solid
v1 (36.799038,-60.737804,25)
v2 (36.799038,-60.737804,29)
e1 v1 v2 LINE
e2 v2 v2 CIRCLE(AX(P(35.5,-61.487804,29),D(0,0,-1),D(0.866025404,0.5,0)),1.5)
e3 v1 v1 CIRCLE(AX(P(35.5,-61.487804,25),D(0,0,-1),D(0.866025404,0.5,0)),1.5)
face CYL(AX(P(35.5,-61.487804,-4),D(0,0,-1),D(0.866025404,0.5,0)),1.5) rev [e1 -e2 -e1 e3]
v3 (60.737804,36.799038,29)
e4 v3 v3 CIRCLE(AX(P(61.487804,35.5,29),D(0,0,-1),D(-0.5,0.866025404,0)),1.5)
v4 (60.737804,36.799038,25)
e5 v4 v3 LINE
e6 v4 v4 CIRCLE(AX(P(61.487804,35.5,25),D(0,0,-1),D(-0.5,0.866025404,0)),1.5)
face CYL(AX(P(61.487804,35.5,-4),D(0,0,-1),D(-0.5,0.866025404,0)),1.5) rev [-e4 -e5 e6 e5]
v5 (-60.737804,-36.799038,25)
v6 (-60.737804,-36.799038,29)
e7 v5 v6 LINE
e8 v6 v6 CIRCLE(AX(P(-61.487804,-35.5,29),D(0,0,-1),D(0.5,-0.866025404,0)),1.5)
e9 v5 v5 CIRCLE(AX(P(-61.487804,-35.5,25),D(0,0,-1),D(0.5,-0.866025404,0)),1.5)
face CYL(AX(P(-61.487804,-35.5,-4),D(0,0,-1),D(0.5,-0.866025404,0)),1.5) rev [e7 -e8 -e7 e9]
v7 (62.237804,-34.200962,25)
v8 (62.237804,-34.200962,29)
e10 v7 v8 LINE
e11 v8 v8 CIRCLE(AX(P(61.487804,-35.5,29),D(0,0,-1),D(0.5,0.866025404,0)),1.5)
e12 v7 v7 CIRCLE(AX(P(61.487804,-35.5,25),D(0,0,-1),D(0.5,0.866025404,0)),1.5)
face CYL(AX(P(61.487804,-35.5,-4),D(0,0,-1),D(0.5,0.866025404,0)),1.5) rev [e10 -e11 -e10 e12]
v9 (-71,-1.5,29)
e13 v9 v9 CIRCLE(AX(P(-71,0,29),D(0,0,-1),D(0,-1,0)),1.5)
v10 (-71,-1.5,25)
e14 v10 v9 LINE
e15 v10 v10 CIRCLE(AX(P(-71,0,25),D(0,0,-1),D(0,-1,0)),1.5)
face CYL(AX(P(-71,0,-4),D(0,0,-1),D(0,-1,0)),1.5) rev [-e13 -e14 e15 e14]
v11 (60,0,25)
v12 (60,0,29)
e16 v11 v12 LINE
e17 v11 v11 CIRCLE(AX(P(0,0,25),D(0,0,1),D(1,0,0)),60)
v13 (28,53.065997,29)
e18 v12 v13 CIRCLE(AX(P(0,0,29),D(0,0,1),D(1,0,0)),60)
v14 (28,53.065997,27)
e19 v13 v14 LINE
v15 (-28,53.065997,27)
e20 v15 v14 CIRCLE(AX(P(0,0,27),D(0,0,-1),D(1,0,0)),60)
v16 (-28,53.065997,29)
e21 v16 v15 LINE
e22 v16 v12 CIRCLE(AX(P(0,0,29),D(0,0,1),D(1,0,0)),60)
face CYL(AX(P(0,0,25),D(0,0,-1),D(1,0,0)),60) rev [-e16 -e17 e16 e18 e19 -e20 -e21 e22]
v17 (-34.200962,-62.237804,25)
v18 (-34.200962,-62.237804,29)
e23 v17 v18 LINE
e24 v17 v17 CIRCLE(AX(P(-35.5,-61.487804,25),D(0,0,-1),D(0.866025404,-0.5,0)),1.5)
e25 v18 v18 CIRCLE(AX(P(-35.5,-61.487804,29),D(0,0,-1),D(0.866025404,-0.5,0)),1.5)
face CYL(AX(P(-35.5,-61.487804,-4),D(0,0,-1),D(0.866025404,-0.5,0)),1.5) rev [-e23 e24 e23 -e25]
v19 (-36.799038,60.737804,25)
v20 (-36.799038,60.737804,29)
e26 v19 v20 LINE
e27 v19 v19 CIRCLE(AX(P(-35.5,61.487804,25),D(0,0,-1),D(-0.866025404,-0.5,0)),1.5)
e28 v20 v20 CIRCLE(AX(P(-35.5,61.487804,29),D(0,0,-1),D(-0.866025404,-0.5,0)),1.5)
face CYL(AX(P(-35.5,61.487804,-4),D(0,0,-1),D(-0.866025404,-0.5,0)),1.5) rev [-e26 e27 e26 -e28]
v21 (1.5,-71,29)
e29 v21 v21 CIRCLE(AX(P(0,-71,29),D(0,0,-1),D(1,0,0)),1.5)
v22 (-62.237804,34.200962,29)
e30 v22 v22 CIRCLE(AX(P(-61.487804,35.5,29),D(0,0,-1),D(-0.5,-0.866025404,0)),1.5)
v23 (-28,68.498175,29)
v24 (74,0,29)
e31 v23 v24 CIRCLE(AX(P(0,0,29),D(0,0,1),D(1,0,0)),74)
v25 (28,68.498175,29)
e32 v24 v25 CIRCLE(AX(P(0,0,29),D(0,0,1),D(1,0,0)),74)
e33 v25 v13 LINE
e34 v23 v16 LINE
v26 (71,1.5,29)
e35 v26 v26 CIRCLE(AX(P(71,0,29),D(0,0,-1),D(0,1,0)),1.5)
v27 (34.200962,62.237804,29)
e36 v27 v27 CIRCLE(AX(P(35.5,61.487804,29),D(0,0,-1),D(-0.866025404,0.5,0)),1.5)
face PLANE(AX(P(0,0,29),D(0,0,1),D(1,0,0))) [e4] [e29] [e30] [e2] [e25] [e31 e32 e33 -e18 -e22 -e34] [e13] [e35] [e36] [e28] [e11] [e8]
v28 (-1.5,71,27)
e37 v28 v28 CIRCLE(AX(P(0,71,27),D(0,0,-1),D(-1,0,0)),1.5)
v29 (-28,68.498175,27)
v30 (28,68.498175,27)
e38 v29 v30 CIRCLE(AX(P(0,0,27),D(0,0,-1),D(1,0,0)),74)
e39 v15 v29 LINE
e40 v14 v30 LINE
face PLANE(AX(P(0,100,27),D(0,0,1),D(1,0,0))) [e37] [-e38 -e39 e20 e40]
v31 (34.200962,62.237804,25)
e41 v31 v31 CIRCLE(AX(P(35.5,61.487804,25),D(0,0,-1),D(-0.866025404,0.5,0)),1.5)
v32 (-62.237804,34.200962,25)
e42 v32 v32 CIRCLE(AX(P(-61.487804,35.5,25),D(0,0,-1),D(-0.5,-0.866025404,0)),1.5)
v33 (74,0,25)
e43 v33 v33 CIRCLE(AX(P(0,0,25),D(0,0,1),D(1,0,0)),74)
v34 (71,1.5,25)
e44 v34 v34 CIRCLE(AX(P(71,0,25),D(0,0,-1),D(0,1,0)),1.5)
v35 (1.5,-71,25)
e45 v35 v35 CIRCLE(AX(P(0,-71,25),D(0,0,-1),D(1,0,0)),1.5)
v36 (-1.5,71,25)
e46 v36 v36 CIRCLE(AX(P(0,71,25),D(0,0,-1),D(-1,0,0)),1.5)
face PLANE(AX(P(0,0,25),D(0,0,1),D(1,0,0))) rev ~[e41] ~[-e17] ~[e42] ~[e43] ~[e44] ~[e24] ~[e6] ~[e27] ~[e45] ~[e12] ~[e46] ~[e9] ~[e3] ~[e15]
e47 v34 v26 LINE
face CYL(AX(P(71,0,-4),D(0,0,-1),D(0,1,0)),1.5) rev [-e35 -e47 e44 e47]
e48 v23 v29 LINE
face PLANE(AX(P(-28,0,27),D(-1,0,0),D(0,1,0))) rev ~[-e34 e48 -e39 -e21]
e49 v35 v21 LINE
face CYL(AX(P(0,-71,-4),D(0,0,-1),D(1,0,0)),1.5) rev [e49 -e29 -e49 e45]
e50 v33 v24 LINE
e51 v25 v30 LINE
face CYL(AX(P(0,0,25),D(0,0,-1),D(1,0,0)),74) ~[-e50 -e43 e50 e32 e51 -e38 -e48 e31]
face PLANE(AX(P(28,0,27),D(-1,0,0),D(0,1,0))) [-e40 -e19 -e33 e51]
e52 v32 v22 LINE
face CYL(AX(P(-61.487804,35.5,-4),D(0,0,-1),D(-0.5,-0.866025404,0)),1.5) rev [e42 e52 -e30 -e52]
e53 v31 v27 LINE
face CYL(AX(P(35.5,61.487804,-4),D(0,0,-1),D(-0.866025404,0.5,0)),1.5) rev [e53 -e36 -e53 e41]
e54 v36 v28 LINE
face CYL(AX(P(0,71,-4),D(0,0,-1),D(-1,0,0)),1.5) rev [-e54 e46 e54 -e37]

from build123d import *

# Parameters (mm, degrees)
BOX179_W                     = 56
BOX179_H                     = 200
BOX179_DEPTH                 = 47
CYLINDER2007_R               = 1.5
CYLINDER2007_DEPTH           = 72
CYLINDER2007_PLACEMENT_ANGLE = 30
CYLINDER2006_R               = 1.5
CYLINDER2006_DEPTH           = 72
CYLINDER2006_PLACEMENT_ANGLE = 60
CYLINDER2011_R               = 1.5
CYLINDER2011_DEPTH           = 72
CYLINDER2012_R               = 1.5
CYLINDER2012_DEPTH           = 72
CYLINDER2012_PLACEMENT_ANGLE = 120
CYLINDER2013_R               = 1.5
CYLINDER2013_DEPTH           = 72
CYLINDER2013_PLACEMENT_ANGLE = 150
CYLINDER2010_R               = 1.5
CYLINDER2010_DEPTH           = 72
CYLINDER2017_R               = 1.5
CYLINDER2017_DEPTH           = 72
CYLINDER2017_PLACEMENT_ANGLE = 210
CYLINDER2016_R               = 1.5
CYLINDER2016_DEPTH           = 72
CYLINDER2016_PLACEMENT_ANGLE = 240
CYLINDER2015_R               = 1.5
CYLINDER2015_DEPTH           = 72
CYLINDER2008_R               = 1.5
CYLINDER2008_DEPTH           = 72
CYLINDER2008_PLACEMENT_ANGLE = 60
CYLINDER2014_R               = 1.5
CYLINDER2014_DEPTH           = 72
CYLINDER2014_PLACEMENT_ANGLE = 30
CYLINDER2009_R               = 1.5
CYLINDER2009_DEPTH           = 72
TUBE052_R                    = 74
TUBE052_R_2                  = 60
TUBE052_DEPTH                = 4


with BuildPart() as krychle179:
    # Box179 → Box179 (new body)
    with BuildSketch(Plane(origin=(-28, 0, 27), x_dir=(1, 0, 0), z_dir=(0, 0, 1))):
        with Locations((28, 100)):
            Rectangle(BOX179_W, BOX179_H)
    extrude(amount=BOX179_DEPTH)


with BuildPart() as v_lec2007:
    # Cylinder2007 → Cylinder2007 (new body)
    with BuildSketch(Plane.XY):
        Circle(CYLINDER2007_R)
    extrude(amount=CYLINDER2007_DEPTH)


with BuildPart() as v_lec2007_1:
    # Cylinder2007 placement: moved
    add(v_lec2007.part.moved(Location((35.5, -61.487804, 0))).rotate(Axis((35.5, -61.487804, 0), (0, 0, 1)), CYLINDER2007_PLACEMENT_ANGLE))


with BuildPart() as v_lec2006:
    # Cylinder2006 → Cylinder2006 (new body)
    with BuildSketch(Plane.XY):
        Circle(CYLINDER2006_R)
    extrude(amount=CYLINDER2006_DEPTH)


with BuildPart() as v_lec2006_1:
    # Cylinder2006 placement: moved
    add(v_lec2006.part.moved(Location((61.487804, -35.5, 0))).rotate(Axis((61.487804, -35.5, 0), (0, 0, 1)), CYLINDER2006_PLACEMENT_ANGLE))


with BuildPart() as v_lec2011:
    # Cylinder2011 → Cylinder2011 (new body)
    with BuildSketch(Plane(origin=(71, 0, 0), x_dir=(0, 1, 0), z_dir=(0, 0, 1))):
        Circle(CYLINDER2011_R)
    extrude(amount=CYLINDER2011_DEPTH)


with BuildPart() as v_lec2012:
    # Cylinder2012 → Cylinder2012 (new body)
    with BuildSketch(Plane.XY):
        Circle(CYLINDER2012_R)
    extrude(amount=CYLINDER2012_DEPTH)


with BuildPart() as v_lec2012_1:
    # Cylinder2012 placement: moved
    add(v_lec2012.part.moved(Location((61.487804, 35.5, 0))).rotate(Axis((61.487804, 35.5, 0), (0, 0, 1)), CYLINDER2012_PLACEMENT_ANGLE))


with BuildPart() as v_lec2013:
    # Cylinder2013 → Cylinder2013 (new body)
    with BuildSketch(Plane.XY):
        Circle(CYLINDER2013_R)
    extrude(amount=CYLINDER2013_DEPTH)


with BuildPart() as v_lec2013_1:
    # Cylinder2013 placement: moved
    add(v_lec2013.part.moved(Location((35.5, 61.487804, 0))).rotate(Axis((35.5, 61.487804, 0), (0, 0, 1)), CYLINDER2013_PLACEMENT_ANGLE))


with BuildPart() as v_lec2010:
    # Cylinder2010 → Cylinder2010 (new body)
    with BuildSketch(Plane(origin=(0, 71, 0), x_dir=(-1, 0, 0), z_dir=(0, 0, 1))):
        Circle(CYLINDER2010_R)
    extrude(amount=CYLINDER2010_DEPTH)


with BuildPart() as v_lec2017:
    # Cylinder2017 → Cylinder2017 (new body)
    with BuildSketch(Plane.XY):
        Circle(CYLINDER2017_R)
    extrude(amount=CYLINDER2017_DEPTH)


with BuildPart() as v_lec2017_1:
    # Cylinder2017 placement: moved
    add(v_lec2017.part.moved(Location((-35.5, 61.487804, 0))).rotate(Axis((-35.5, 61.487804, 0), (0, 0, 1)), CYLINDER2017_PLACEMENT_ANGLE))


with BuildPart() as v_lec2016:
    # Cylinder2016 → Cylinder2016 (new body)
    with BuildSketch(Plane.XY):
        Circle(CYLINDER2016_R)
    extrude(amount=CYLINDER2016_DEPTH)


with BuildPart() as v_lec2016_1:
    # Cylinder2016 placement: moved
    add(v_lec2016.part.moved(Location((-61.487804, 35.5, 0))).rotate(Axis((-61.487804, 35.5, 0), (0, 0, 1)), CYLINDER2016_PLACEMENT_ANGLE))


with BuildPart() as v_lec2015:
    # Cylinder2015 → Cylinder2015 (new body)
    with BuildSketch(Plane(origin=(-71, 0, 0), x_dir=(0, -1, 0), z_dir=(0, 0, 1))):
        Circle(CYLINDER2015_R)
    extrude(amount=CYLINDER2015_DEPTH)


with BuildPart() as v_lec2008:
    # Cylinder2008 → Cylinder2008 (new body)
    with BuildSketch(Plane.XY):
        Circle(CYLINDER2008_R)
    extrude(amount=CYLINDER2008_DEPTH)


with BuildPart() as v_lec2008_1:
    # Cylinder2008 placement: moved
    add(v_lec2008.part.moved(Location((-61.487804, -35.5, 0))).rotate(Axis((-61.487804, -35.5, 0), (0, 0, -1)), CYLINDER2008_PLACEMENT_ANGLE))


with BuildPart() as v_lec2014:
    # Cylinder2014 → Cylinder2014 (new body)
    with BuildSketch(Plane.XY):
        Circle(CYLINDER2014_R)
    extrude(amount=CYLINDER2014_DEPTH)


with BuildPart() as v_lec2014_1:
    # Cylinder2014 placement: moved
    add(v_lec2014.part.moved(Location((-35.5, -61.487804, 0))).rotate(Axis((-35.5, -61.487804, 0), (0, 0, -1)), CYLINDER2014_PLACEMENT_ANGLE))


with BuildPart() as compound1084:
    # Cylinder2009 → Cylinder2009 (new body)
    with BuildSketch(Plane(origin=(0, -71, 0), x_dir=(1, 0, 0), z_dir=(0, 0, 1))):
        Circle(CYLINDER2009_R)
    extrude(amount=CYLINDER2009_DEPTH)

    # Compound1084: union Válec2007, Válec2006, Válec2011, Válec2012, Válec2013, Válec2010, Válec2017, Válec2016, Válec2015, Válec2008, Válec2014
    add(v_lec2007_1.part)
    add(v_lec2006_1.part)
    add(v_lec2011.part)
    add(v_lec2012_1.part)
    add(v_lec2013_1.part)
    add(v_lec2010.part)
    add(v_lec2017_1.part)
    add(v_lec2016_1.part)
    add(v_lec2015.part)
    add(v_lec2008_1.part)
    add(v_lec2014_1.part)


with BuildPart() as compound1084_1:
    # Compound1084 placement: moved
    add(compound1084.part.moved(Location((0, 0, -4))))


with BuildPart() as cut683:
    # Tube052 → Tube052 (new body)
    with BuildSketch(Plane.XY.offset(25)):
        Circle(TUBE052_R)
        Circle(TUBE052_R_2, mode=Mode.SUBTRACT)
    extrude(amount=TUBE052_DEPTH)

    # Cut678: cut Compound1084
    add(compound1084_1.part, mode=Mode.SUBTRACT)

    # Cut683: cut Krychle179
    add(krychle179.part, mode=Mode.SUBTRACT)


solid = cut683.part
